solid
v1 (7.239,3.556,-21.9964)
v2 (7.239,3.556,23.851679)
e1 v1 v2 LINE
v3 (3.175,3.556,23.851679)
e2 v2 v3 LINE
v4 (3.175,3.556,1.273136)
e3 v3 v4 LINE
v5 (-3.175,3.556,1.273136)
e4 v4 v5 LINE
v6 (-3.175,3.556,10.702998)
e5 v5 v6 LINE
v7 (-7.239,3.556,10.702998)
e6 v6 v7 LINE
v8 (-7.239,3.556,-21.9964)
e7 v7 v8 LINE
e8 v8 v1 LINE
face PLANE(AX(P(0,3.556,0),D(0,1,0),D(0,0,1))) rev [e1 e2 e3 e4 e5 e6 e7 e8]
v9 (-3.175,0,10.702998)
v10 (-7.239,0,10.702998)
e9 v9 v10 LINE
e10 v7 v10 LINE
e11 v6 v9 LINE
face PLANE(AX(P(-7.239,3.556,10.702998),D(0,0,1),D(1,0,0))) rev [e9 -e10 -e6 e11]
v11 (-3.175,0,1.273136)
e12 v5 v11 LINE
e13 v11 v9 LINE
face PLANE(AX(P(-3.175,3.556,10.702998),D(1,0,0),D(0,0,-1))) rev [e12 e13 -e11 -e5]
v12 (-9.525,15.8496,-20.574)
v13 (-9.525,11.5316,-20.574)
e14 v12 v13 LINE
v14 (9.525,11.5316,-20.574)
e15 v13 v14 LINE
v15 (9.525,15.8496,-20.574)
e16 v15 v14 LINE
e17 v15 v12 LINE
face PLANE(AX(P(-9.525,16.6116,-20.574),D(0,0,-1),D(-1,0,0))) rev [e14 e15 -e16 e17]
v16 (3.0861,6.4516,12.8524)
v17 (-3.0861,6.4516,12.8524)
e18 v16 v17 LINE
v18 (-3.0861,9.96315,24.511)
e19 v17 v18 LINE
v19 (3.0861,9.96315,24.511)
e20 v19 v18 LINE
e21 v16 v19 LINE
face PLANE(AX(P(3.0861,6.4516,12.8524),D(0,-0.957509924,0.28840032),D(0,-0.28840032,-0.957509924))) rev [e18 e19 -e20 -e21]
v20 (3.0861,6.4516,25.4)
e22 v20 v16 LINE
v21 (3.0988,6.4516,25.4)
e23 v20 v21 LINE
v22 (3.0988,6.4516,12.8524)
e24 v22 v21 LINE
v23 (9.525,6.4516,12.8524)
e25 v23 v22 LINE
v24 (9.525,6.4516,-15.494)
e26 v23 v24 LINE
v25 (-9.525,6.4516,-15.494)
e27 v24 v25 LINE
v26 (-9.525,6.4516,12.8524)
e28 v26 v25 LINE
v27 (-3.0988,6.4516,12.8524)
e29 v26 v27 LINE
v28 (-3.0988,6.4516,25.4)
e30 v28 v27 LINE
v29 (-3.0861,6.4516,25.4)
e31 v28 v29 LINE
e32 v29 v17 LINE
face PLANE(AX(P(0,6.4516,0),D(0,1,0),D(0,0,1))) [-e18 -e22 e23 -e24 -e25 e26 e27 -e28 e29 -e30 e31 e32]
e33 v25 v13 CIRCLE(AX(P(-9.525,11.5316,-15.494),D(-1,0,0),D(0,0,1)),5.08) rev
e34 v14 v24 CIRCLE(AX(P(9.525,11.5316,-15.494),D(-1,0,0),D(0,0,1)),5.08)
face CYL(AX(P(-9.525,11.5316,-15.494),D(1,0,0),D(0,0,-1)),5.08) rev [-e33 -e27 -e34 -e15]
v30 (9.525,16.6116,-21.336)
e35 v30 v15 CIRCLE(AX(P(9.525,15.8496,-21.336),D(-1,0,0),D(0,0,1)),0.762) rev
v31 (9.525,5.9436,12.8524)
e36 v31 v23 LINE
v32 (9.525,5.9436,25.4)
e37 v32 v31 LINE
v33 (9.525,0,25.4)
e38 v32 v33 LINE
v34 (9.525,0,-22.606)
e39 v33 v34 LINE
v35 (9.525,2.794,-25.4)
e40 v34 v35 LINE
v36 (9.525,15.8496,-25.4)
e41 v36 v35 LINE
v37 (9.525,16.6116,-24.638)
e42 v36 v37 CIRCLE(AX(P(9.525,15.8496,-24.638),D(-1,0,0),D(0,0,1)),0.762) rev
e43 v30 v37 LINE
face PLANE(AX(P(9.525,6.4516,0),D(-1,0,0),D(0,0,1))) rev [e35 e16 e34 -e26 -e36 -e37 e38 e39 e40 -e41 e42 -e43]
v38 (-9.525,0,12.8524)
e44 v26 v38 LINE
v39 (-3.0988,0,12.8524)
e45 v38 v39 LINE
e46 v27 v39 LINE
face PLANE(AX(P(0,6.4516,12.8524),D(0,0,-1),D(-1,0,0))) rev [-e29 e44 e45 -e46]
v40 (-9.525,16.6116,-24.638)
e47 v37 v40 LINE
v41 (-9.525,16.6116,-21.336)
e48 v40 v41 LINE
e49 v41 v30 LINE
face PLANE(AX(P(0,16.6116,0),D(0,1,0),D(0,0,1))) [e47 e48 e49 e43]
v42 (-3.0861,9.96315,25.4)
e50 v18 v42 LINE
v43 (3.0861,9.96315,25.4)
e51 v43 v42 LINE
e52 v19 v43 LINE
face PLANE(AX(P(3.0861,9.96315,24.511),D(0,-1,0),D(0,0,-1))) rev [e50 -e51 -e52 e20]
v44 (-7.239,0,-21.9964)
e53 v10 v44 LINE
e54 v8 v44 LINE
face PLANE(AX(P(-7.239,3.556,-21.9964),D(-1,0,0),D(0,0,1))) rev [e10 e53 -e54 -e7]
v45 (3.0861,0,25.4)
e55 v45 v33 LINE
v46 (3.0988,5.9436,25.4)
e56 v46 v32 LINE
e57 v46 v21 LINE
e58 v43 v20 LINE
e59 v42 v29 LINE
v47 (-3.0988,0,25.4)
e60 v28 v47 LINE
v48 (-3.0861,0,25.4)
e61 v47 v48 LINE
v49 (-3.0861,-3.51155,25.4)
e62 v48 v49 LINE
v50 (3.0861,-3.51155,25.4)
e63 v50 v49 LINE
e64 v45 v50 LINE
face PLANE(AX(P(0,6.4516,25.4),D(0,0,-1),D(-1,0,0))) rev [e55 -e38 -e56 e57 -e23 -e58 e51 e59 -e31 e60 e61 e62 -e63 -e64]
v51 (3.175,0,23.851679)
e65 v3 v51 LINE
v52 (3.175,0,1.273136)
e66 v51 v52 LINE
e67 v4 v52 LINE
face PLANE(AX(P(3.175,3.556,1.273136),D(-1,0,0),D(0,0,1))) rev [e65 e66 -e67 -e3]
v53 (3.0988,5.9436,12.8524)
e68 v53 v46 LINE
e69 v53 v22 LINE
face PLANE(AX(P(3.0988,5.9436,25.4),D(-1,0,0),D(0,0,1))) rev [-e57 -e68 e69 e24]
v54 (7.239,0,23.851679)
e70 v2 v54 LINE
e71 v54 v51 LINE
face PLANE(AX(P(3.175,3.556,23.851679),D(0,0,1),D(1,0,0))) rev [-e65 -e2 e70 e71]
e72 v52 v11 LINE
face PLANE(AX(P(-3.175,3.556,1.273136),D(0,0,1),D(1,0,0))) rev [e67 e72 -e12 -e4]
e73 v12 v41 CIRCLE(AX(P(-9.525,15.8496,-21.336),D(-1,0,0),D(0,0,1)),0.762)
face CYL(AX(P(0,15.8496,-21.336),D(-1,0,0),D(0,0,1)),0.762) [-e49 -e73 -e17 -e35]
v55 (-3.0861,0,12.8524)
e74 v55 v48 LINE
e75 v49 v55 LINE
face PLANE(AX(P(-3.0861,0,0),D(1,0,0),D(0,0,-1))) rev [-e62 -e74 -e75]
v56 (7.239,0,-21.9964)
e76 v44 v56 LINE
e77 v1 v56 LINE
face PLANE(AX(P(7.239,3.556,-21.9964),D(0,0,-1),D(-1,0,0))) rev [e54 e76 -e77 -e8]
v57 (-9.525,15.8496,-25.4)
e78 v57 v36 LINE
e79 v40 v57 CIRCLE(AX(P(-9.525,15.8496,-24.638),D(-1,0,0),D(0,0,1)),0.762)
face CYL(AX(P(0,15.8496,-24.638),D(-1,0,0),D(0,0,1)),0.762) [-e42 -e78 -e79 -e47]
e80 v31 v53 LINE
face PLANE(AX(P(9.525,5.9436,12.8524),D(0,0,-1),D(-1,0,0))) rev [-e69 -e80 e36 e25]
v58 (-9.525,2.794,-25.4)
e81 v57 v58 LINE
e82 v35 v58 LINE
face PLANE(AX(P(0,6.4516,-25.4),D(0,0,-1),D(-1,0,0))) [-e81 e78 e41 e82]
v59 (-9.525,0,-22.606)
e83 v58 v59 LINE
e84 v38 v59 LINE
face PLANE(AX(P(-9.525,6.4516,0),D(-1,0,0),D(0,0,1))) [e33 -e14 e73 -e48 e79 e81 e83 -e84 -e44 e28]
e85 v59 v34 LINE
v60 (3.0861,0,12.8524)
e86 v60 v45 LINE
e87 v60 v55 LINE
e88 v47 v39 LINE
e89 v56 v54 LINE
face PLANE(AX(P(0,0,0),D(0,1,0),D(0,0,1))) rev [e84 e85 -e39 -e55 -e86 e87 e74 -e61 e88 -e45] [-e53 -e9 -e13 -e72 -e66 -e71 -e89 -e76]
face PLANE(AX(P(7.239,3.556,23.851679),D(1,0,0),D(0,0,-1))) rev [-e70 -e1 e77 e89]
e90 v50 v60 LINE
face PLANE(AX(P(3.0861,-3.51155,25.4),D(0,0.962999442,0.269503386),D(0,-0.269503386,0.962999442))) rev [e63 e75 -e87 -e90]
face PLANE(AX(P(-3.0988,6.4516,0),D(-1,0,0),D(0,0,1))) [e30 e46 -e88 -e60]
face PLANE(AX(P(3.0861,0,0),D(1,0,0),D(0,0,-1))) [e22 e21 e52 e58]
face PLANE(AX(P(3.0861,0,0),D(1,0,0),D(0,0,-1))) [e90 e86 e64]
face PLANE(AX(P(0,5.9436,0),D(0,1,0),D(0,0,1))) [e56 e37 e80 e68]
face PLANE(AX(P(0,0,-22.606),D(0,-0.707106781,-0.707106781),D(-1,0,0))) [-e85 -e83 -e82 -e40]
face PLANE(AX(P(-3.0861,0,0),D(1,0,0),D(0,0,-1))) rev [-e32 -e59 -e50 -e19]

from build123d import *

# Parameters (mm, degrees)
BOSS_EXTRUDE1_DEPTH = 6.4516
SKETCH2_W           = 19.05
SKETCH2_H           = 4.826
BOSS_EXTRUDE2_DEPTH = 10.16
FILLET1_R           = 5.08
FILLET2_R           = 0.762
SKETCH4_W           = 6.4262
SKETCH4_H           = 12.5476
CUT_EXTRUDE1_DEPTH  = 0.508
BOSS_EXTRUDE3_DEPTH = 3.0861
CHAMFER1_SIZE       = 2.794
CUT_EXTRUDE2_DEPTH  = 3.556


with BuildPart() as part:
    # Sketch1 → Boss-Extrude1 (new body)
    with BuildSketch(Plane(origin=(0, 0, 0), x_dir=(1, 0, 0), z_dir=(0, 1, 0))):
        Polygon((-3.0988, -12.8524), (-3.0988, -25.4), (9.525, -25.4), (9.525, 25.4), (-9.525, 25.4), (-9.525, -12.8524), align=None)
    extrude(amount=BOSS_EXTRUDE1_DEPTH)

    # Sketch2 → Boss-Extrude2 (add)
    with BuildSketch(Plane(origin=(0, 6.4516, 0), x_dir=(1, 0, 0), z_dir=(0, 1, 0))):
        with Locations((0, 22.987)):
            Rectangle(SKETCH2_W, SKETCH2_H)
    extrude(amount=BOSS_EXTRUDE2_DEPTH)

    # Fillet1
    fillet1_edges = [part.edges().sort_by_distance(p)[0] for p in [
        (0, 6.4516, -20.574),
    ]]
    fillet(fillet1_edges, radius=FILLET1_R)

    # Fillet2
    fillet2_edges = [part.edges().sort_by_distance(p)[0] for p in [
        (0, 16.6116, -20.574),
        (0, 16.6116, -25.4),
    ]]
    fillet(fillet2_edges, radius=FILLET2_R)

    # Sketch4 → Cut-Extrude1 (cut)
    with BuildSketch(Plane(origin=(0, 6.4516, 0), x_dir=(1, 0, 0), z_dir=(0, 1, 0))):
        with Locations((6.3119, -19.1262)):
            Rectangle(SKETCH4_W, SKETCH4_H)
    extrude(amount=-CUT_EXTRUDE1_DEPTH, mode=Mode.SUBTRACT)

    # Sketch5 → Boss-Extrude3 (add, symmetric)
    with BuildSketch(Plane(origin=(0, 0, 0), x_dir=(0, 0, -1), z_dir=(1, 0, 0))):
        Polygon((-25.4, 6.4516), (-12.8524, 6.4516), (-24.511, 9.96315), (-25.4, 9.96315), align=None)
        Polygon((-25.4, 0), (-25.4, -3.51155), (-12.8524, 0), align=None)
    extrude(amount=BOSS_EXTRUDE3_DEPTH, both=True)

    # Chamfer1
    chamfer1_edges = [part.edges().sort_by_distance(p)[0] for p in [
        (0, 0, -25.4),
    ]]
    chamfer(chamfer1_edges, length=CHAMFER1_SIZE)

    # Sketch6 → Cut-Extrude2 (cut)
    with BuildSketch(Plane.XZ):
        Polygon((3.175, 23.851678881), (7.239, 23.851678881), (7.239, -21.9964), (-7.239, -21.9964), (-7.239, 10.702998039), (-3.175, 10.702998039), (-3.175, 1.273136021), (3.175, 1.273136021), align=None)
    extrude(amount=-CUT_EXTRUDE2_DEPTH, mode=Mode.SUBTRACT)


solid = part.part
